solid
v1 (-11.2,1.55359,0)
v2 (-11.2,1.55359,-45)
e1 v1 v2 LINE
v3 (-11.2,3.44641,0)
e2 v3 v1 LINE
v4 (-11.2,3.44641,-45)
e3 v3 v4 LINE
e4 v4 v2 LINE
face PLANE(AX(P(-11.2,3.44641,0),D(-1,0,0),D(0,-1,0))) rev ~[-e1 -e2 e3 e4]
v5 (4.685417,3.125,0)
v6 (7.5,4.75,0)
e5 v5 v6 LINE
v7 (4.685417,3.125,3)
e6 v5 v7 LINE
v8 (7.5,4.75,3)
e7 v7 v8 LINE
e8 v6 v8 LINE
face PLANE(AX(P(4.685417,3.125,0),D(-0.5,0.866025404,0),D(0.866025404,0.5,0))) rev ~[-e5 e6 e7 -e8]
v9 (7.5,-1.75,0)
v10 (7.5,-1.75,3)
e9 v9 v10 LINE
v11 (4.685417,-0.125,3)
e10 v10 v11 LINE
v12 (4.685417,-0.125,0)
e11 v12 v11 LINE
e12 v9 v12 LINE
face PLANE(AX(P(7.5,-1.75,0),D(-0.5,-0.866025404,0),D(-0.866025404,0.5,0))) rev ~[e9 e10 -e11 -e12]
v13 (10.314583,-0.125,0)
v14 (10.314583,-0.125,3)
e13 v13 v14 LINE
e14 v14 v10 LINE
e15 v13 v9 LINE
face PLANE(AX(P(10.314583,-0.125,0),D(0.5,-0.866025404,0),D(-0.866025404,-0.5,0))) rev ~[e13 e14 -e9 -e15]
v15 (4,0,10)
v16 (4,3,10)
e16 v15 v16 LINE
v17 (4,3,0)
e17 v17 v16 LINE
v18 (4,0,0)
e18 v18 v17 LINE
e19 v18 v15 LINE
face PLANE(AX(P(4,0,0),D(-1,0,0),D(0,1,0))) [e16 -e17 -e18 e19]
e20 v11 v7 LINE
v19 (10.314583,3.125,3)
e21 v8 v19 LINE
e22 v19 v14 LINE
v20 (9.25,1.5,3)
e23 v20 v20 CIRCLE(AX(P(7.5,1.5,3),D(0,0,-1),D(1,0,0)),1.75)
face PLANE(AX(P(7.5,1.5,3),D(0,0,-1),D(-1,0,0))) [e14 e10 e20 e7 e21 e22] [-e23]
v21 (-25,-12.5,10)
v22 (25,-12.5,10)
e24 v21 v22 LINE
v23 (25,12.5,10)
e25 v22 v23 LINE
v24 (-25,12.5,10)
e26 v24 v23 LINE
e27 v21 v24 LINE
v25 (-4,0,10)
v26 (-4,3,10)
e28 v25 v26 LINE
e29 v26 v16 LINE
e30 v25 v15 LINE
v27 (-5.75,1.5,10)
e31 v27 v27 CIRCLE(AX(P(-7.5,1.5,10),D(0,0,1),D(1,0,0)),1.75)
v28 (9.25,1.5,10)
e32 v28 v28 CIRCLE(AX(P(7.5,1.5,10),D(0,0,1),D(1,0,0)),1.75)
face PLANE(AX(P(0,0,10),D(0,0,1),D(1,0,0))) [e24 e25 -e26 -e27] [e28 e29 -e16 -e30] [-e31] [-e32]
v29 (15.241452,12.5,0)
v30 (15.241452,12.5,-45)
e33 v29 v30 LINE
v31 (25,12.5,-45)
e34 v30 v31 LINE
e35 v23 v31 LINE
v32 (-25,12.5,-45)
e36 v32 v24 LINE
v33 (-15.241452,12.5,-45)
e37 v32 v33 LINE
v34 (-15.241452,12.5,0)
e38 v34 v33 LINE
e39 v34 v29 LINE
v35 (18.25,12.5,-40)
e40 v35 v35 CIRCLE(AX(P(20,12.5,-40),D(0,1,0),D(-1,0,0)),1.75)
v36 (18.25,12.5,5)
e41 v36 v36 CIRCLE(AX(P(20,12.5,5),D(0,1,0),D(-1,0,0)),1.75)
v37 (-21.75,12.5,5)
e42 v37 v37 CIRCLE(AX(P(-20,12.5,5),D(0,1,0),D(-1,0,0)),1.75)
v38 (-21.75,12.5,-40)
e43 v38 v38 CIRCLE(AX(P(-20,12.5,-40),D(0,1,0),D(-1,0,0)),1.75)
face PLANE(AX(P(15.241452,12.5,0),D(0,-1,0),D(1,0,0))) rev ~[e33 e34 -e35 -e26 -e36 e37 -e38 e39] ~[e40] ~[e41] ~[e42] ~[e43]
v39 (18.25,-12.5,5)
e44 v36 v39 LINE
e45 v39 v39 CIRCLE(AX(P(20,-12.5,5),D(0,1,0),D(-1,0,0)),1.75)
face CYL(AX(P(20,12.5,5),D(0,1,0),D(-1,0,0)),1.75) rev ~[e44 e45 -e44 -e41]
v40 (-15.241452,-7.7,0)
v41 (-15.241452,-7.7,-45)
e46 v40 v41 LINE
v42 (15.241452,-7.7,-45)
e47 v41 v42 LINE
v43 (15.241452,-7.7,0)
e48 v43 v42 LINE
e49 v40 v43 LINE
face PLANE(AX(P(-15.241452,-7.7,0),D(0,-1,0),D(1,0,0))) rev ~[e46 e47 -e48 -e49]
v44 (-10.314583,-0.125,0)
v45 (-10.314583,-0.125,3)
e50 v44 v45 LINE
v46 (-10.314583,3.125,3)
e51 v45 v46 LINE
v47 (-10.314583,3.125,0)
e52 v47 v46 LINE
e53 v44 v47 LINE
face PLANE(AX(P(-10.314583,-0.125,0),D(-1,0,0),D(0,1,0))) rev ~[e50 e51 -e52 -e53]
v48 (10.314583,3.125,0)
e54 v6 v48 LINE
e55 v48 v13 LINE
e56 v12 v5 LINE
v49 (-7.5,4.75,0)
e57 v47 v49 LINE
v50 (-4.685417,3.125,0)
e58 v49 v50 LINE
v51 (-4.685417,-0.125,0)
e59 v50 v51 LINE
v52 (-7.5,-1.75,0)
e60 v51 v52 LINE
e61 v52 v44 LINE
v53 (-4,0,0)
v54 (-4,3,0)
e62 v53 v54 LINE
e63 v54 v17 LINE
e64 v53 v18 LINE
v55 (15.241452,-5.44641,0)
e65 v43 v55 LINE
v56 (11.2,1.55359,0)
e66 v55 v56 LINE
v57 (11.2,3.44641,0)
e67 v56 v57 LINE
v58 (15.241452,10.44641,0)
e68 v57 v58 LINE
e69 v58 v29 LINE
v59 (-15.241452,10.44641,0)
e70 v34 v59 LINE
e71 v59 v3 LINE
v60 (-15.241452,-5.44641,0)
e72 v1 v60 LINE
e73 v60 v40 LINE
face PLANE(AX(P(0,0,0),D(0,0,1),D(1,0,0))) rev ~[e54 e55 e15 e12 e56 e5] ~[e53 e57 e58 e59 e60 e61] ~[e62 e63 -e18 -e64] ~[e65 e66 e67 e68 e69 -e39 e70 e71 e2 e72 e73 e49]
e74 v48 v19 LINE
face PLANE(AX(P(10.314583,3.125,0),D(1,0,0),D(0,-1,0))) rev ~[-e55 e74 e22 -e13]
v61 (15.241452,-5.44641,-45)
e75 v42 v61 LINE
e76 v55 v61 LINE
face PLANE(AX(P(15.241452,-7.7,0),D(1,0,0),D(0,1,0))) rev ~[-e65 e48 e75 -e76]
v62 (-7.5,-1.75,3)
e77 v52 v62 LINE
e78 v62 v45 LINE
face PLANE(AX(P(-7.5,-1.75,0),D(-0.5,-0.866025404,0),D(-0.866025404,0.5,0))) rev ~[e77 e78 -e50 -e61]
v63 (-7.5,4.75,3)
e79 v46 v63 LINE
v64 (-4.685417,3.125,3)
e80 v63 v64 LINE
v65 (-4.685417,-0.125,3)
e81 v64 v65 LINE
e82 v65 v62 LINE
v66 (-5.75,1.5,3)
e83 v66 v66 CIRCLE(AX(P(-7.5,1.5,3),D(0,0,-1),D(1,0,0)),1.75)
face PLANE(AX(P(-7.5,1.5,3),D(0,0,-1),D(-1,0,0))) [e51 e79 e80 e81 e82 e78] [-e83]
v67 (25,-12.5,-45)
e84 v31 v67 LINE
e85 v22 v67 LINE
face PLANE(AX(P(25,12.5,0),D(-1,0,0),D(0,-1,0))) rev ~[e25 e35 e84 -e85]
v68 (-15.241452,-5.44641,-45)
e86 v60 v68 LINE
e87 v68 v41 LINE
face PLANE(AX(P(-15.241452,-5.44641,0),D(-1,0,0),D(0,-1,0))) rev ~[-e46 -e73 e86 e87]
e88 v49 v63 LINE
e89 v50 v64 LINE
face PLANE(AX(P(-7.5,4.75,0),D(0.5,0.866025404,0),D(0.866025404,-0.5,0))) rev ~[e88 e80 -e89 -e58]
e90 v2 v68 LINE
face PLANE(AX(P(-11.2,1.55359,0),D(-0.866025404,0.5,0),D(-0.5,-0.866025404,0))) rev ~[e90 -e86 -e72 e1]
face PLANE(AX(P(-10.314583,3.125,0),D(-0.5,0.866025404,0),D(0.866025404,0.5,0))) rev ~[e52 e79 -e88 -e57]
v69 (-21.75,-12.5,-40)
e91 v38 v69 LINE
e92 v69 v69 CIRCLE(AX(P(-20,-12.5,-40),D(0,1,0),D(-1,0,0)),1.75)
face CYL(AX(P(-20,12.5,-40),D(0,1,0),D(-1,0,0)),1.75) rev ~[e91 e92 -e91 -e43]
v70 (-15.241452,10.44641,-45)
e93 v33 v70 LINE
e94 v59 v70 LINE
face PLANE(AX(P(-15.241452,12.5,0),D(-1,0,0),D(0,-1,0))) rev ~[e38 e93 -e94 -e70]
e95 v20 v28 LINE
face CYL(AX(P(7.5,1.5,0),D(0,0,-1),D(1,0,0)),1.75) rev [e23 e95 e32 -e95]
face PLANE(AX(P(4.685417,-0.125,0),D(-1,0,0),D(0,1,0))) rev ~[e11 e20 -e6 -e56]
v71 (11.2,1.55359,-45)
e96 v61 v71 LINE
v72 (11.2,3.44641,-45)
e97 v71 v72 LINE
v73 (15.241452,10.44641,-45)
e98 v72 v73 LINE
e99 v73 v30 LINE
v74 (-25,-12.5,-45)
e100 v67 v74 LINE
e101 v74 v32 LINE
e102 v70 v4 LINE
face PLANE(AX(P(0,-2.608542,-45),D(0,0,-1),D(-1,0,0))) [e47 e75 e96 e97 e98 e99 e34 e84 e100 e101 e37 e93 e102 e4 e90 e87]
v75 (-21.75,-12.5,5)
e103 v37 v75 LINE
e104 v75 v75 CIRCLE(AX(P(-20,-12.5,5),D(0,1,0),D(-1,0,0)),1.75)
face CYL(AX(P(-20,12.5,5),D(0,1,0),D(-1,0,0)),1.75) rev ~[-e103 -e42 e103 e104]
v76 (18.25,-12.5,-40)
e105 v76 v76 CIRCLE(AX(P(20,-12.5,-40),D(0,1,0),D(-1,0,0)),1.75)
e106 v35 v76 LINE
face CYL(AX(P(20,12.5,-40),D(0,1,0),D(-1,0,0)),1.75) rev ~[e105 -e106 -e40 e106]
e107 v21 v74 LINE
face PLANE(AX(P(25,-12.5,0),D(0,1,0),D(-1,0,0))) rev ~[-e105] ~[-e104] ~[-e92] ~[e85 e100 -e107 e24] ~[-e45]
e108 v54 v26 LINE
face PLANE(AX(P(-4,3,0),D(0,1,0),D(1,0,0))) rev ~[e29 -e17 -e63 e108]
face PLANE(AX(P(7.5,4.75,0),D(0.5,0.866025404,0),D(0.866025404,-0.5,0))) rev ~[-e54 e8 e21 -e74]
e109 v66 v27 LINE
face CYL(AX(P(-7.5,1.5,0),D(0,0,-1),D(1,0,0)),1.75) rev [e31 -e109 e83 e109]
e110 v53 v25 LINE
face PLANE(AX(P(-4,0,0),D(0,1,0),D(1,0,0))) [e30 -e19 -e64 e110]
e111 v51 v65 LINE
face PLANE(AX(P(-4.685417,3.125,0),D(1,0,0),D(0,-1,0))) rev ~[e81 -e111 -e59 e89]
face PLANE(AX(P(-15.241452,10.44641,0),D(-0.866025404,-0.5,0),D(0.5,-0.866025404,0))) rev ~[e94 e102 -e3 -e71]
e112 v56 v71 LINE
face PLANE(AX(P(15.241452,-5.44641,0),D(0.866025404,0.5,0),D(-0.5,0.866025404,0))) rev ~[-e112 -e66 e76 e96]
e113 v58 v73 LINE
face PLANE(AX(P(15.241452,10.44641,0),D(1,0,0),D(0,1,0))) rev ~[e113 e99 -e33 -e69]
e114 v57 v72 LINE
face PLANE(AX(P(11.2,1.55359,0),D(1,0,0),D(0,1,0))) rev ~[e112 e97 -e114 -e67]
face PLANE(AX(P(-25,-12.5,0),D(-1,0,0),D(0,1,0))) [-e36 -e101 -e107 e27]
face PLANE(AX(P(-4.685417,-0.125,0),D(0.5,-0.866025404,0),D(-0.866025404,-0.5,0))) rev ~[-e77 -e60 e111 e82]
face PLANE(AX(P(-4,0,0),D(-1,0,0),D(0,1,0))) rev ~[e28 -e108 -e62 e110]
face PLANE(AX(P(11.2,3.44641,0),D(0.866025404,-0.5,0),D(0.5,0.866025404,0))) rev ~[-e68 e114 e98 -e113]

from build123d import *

# Parameters (mm, degrees)
SCHIZZO1_W                   = 50
SCHIZZO1_H                   = 25
SCHIZZO1_R                   = 1.75
SCHIZZO1_W_2                 = 8
SCHIZZO1_H_2                 = 3
ESTRUSIONE_ESTRUSIONE1_DEPTH = 10
ESTRUSIONE_ESTRUSIONE2_DEPTH = 45
TAGLIO_ESTRUSIONE1_DEPTH     = 3
SCHIZZO4_R                   = 1.75
TAGLIO_ESTRUSIONE2_DEPTH     = 58.227615711


with BuildPart() as part:
    # Schizzo1 → Estrusione-Estrusione1 (new body)
    with BuildSketch(Plane.XY):
        Rectangle(SCHIZZO1_W, SCHIZZO1_H)
        with Locations((-7.5, 1.5)):
            Circle(SCHIZZO1_R, mode=Mode.SUBTRACT)
        with Locations((7.5, 1.5)):
            Circle(SCHIZZO1_R, mode=Mode.SUBTRACT)
        with Locations((0, 1.5)):
            Rectangle(SCHIZZO1_W_2, SCHIZZO1_H_2, mode=Mode.SUBTRACT)
    extrude(amount=ESTRUSIONE_ESTRUSIONE1_DEPTH)

    # Schizzo2 → Estrusione-Estrusione2 (add)
    with BuildSketch(Plane(origin=(0, 0, 0), x_dir=(-1, 0, 0), z_dir=(0, 0, -1))):
        Polygon((-15.241451884, 12.5), (-25, 12.5), (-25, -12.5), (25, -12.5), (25, 12.5), (15.241451884, 12.5), (15.241451884, 10.446410162), (11.2, 3.446410162), (11.2, 1.553589838), (15.241451884, -5.446410162), (15.241451884, -7.7), (0, -7.7), (-15.241451884, -7.7), (-15.241451884, -5.446410162), (-11.2, 1.553589838), (-11.2, 3.446410162), (-15.241451884, 10.446410162), align=None)
    extrude(amount=ESTRUSIONE_ESTRUSIONE2_DEPTH)

    # Schizzo3 → Taglio-Estrusione1 (cut)
    with BuildSketch(Plane(origin=(0, 0, 0), x_dir=(-1, 0, 0), z_dir=(0, 0, -1))):
        Polygon((-7.5, 4.75), (-10.314582562, 3.125), (-10.314582562, -0.125), (-7.5, -1.75), (-4.685417438, -0.125), (-4.685417438, 3.125), align=None)
        Polygon((7.5, 4.75), (4.685417438, 3.125), (4.685417438, -0.125), (7.5, -1.75), (10.314582562, -0.125), (10.314582562, 3.125), align=None)
    extrude(amount=-TAGLIO_ESTRUSIONE1_DEPTH, mode=Mode.SUBTRACT)

    # Schizzo4 → Taglio-Estrusione2 (cut, through all)
    with BuildSketch(Plane(origin=(0, 12.5, 0), x_dir=(1, 0, 0), z_dir=(0, 1, 0))):
        with Locations(Location((-20, -5, 0), (0, 0, 180))):
            Circle(SCHIZZO4_R)
        with Locations(Location((-20, 40, 0), (0, 0, 180))):
            Circle(SCHIZZO4_R)
        with Locations(Location((20, 40, 0), (0, 0, 180))):
            Circle(SCHIZZO4_R)
        with Locations(Location((20, -5, 0), (0, 0, 180))):
            Circle(SCHIZZO4_R)
    extrude(amount=-TAGLIO_ESTRUSIONE2_DEPTH, mode=Mode.SUBTRACT)


solid = part.part
